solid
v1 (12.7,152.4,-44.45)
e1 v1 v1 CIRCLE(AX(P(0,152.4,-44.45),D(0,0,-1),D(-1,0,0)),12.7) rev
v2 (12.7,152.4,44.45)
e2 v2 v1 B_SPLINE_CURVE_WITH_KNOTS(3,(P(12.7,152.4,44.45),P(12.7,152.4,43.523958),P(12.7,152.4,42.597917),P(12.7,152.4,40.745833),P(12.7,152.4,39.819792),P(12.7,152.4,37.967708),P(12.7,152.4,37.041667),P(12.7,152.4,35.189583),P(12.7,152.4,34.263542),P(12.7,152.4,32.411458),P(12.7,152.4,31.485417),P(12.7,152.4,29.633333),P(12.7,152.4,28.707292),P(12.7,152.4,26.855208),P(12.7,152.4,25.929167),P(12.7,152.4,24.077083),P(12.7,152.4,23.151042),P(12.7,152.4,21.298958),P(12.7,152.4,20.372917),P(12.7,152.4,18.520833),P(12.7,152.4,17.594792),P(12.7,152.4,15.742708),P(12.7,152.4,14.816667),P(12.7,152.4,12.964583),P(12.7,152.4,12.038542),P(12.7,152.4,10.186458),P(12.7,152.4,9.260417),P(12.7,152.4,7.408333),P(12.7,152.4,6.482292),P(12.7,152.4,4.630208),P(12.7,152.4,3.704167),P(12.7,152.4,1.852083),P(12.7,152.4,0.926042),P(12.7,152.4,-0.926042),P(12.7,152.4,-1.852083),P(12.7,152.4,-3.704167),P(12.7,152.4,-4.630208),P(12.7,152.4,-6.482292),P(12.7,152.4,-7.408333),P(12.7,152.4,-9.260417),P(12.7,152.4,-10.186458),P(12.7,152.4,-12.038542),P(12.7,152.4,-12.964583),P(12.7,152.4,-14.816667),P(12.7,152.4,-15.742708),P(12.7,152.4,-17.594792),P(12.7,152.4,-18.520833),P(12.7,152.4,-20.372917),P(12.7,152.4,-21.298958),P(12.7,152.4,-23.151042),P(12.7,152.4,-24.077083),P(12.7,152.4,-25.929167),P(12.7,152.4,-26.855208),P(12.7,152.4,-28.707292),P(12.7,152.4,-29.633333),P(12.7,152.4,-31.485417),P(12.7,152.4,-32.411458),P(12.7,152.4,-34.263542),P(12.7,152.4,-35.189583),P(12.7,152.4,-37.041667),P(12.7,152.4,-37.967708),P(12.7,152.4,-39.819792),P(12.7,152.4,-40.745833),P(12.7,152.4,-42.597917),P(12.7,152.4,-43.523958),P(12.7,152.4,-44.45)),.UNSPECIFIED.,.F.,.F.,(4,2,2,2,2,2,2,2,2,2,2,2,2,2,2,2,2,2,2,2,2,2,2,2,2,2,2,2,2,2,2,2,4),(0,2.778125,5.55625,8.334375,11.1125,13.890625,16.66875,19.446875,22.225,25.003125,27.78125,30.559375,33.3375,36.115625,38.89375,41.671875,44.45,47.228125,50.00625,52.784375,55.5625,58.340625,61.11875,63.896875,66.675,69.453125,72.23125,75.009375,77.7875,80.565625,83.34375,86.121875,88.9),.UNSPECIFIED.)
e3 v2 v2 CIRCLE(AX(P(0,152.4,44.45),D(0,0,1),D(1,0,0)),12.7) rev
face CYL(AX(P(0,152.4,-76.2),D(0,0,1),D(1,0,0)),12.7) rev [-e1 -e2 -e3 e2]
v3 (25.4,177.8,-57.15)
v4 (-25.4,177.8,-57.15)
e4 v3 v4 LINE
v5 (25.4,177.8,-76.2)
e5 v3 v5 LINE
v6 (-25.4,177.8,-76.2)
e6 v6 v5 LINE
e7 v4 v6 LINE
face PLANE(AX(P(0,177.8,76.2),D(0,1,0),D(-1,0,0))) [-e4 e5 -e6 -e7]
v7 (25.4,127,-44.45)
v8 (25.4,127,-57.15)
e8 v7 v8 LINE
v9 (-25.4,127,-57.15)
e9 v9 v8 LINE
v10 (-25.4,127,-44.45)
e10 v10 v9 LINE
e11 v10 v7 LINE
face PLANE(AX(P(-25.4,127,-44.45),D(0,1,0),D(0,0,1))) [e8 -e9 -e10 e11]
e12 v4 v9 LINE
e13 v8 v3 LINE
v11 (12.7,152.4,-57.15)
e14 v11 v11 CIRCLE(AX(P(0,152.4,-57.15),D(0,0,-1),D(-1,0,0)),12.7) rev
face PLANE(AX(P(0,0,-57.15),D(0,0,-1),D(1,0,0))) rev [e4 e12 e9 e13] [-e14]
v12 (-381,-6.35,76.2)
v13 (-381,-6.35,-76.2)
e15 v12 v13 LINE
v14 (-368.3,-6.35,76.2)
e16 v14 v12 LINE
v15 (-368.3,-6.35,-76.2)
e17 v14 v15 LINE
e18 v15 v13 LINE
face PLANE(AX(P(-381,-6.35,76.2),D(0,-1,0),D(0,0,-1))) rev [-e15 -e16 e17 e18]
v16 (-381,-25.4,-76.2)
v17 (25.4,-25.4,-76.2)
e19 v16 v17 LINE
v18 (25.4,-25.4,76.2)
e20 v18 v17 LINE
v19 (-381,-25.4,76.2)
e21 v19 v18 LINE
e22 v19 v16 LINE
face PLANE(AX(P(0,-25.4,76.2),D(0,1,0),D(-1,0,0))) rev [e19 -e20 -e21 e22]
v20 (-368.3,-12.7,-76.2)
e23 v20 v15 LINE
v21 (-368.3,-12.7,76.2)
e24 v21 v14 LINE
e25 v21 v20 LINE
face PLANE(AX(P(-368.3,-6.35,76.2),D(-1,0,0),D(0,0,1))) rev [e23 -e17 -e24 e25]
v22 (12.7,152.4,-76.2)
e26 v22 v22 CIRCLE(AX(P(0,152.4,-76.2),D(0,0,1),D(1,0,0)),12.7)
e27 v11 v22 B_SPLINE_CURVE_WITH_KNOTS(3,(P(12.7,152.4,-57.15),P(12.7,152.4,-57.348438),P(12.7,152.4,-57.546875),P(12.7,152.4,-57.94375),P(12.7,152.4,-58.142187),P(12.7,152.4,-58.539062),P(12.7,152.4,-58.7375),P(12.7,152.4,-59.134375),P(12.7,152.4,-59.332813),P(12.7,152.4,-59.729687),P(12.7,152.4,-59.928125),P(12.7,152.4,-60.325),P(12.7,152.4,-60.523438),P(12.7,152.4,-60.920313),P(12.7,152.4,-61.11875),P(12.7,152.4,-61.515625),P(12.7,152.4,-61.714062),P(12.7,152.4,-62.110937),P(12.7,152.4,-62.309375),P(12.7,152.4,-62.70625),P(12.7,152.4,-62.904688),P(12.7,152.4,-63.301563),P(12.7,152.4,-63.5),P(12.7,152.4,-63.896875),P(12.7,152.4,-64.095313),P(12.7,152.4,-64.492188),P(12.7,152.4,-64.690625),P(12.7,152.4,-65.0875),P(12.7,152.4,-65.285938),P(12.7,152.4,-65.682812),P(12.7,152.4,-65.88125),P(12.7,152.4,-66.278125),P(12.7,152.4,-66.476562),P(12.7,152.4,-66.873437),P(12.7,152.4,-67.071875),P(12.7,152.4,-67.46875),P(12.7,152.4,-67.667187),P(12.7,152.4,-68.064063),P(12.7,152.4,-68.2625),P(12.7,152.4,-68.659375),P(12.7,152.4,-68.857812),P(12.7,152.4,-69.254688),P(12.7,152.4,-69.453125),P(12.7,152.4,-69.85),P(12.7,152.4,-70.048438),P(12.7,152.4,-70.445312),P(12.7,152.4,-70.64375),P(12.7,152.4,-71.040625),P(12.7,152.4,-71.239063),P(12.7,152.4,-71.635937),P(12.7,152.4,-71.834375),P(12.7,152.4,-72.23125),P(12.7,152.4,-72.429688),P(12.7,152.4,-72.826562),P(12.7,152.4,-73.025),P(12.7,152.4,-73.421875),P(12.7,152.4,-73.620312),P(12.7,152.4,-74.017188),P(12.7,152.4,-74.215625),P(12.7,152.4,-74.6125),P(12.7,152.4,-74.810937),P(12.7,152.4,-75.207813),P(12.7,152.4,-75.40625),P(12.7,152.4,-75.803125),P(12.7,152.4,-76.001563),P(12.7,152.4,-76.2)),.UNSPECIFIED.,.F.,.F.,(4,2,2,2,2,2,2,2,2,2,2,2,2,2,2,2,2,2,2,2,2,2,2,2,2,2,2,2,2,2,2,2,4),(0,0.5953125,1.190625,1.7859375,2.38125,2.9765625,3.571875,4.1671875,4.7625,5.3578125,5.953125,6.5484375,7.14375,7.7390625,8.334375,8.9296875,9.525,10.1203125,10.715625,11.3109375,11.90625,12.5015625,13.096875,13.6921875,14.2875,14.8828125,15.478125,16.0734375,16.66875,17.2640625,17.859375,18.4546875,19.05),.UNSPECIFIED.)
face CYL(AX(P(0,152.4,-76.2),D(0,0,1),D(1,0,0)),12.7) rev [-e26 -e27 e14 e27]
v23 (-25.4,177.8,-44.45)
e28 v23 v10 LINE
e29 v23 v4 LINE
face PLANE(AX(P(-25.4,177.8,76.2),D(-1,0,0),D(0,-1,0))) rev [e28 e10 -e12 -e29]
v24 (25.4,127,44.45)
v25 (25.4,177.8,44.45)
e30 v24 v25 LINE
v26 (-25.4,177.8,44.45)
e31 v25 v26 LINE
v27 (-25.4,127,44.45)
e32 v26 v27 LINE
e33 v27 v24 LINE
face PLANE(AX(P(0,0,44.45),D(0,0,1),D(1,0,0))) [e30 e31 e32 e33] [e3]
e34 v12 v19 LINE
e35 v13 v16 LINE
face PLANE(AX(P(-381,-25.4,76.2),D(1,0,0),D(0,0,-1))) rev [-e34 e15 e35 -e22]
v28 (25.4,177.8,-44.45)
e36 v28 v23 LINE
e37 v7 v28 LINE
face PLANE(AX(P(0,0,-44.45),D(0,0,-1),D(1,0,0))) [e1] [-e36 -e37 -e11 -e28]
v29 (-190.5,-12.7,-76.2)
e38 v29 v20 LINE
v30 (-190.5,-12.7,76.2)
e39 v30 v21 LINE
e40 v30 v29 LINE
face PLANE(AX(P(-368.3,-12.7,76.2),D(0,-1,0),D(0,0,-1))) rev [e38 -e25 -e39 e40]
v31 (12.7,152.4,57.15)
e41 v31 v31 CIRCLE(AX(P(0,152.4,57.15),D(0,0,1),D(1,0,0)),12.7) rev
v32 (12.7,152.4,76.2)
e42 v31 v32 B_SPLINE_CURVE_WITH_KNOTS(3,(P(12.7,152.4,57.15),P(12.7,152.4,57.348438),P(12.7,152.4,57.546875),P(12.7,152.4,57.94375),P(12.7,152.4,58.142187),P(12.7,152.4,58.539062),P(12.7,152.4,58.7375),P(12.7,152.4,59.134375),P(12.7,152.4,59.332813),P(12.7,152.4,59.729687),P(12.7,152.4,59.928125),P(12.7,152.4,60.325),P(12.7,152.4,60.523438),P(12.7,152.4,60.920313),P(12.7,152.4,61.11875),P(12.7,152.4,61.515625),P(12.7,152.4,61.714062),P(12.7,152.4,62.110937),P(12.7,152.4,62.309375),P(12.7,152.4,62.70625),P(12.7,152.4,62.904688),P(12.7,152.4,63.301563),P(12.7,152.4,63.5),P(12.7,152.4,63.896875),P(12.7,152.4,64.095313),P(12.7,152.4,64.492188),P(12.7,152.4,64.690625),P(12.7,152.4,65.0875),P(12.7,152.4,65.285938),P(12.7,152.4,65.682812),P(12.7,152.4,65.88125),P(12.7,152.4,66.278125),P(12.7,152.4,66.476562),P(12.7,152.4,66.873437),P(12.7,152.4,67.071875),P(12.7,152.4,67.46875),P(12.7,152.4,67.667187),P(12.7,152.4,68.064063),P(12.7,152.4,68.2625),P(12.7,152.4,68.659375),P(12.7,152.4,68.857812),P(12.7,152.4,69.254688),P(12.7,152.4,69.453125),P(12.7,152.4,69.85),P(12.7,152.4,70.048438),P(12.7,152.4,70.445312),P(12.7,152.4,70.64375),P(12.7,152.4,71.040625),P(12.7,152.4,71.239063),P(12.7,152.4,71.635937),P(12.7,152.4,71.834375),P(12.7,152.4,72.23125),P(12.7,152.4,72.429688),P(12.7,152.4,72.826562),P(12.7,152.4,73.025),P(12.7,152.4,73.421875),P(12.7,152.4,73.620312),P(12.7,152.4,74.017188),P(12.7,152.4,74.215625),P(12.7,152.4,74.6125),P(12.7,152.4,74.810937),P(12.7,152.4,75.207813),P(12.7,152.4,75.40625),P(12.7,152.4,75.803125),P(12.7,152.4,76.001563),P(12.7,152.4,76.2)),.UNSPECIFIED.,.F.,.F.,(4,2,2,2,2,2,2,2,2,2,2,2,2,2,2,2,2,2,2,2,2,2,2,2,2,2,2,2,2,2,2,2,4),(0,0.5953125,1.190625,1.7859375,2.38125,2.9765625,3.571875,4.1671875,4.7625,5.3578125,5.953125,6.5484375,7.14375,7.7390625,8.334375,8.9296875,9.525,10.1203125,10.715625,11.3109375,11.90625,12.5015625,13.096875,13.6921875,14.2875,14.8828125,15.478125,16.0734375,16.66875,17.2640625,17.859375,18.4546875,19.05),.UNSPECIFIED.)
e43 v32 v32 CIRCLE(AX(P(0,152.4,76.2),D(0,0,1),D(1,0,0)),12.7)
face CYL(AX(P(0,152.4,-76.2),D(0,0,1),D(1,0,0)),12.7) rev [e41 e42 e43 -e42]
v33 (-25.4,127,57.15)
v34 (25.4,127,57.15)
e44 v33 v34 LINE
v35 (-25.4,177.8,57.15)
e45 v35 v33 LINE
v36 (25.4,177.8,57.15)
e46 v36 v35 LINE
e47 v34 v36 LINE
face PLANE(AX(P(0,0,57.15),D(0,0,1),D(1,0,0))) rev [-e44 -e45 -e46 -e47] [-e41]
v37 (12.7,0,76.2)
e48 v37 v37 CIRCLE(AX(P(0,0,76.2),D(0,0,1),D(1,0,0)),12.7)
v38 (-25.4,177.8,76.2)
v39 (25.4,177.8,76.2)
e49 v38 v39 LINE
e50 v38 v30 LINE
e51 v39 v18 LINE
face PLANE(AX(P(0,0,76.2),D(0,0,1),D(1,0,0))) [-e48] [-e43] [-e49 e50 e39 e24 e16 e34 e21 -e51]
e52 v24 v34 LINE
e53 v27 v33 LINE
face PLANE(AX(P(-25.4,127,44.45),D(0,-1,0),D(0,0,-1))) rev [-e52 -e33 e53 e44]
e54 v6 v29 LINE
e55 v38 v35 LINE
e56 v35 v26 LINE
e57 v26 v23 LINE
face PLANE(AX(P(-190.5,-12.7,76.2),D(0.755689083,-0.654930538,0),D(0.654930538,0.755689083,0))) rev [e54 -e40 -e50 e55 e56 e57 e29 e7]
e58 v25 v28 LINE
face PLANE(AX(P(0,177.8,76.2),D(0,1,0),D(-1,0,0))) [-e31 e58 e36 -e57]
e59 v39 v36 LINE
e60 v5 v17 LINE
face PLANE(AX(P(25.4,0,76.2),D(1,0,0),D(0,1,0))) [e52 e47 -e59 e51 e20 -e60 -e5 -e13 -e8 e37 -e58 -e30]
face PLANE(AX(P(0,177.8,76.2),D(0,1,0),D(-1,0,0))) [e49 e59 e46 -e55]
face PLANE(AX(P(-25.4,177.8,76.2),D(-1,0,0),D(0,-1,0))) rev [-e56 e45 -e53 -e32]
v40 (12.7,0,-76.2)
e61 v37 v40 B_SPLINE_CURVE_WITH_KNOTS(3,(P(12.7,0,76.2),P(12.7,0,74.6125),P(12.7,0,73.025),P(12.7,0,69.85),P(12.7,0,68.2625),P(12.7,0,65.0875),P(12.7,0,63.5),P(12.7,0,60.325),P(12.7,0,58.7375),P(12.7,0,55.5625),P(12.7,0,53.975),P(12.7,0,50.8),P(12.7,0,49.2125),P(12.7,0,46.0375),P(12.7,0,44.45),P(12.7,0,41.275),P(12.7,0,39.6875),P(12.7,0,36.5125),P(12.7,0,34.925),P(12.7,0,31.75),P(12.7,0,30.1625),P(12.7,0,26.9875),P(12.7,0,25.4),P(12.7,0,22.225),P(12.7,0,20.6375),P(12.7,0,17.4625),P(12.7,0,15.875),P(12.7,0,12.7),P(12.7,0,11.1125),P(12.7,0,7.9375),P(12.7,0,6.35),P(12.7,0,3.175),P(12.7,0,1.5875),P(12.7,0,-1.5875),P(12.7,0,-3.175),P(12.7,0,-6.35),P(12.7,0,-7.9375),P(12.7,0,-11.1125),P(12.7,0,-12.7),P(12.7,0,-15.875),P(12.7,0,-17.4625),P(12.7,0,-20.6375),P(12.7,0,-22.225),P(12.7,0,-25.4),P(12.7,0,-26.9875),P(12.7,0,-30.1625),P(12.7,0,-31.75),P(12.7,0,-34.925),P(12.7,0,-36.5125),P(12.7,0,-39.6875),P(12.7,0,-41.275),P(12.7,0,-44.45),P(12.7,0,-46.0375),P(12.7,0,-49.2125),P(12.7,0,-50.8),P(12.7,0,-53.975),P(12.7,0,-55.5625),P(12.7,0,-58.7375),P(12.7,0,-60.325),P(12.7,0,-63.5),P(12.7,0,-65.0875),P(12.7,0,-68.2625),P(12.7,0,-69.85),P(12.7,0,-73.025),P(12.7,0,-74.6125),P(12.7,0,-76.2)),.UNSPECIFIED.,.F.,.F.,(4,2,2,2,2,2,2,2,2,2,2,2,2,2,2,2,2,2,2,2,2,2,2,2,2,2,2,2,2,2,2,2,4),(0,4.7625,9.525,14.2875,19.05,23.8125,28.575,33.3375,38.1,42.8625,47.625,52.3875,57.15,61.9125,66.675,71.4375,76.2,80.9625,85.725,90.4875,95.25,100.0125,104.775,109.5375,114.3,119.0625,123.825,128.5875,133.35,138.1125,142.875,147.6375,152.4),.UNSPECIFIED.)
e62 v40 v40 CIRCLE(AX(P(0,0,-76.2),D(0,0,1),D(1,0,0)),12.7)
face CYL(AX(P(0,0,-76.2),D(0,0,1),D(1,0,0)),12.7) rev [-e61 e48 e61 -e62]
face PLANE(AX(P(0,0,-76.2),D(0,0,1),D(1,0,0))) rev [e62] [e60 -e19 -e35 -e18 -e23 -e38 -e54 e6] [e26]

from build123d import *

# Parameters (mm, degrees)
SKETCH1_W               = 381
SKETCH1_H               = 25.4
SKETCH1_W_2             = 25.4
SKETCH1_H_2             = 152.4
BOSS_EXTRUDE1_DEPTH     = 76.2
CUT_EXTRUDE1_DEPTH      = 470.041106941
CUT_EXTRUDE1_DEPTH_BACK = 470.041106941
SKETCH2_R               = 12.7
SKETCH4_W               = 50.8
SKETCH4_H               = 50.8
CUT_EXTRUDE2_DEPTH      = 6.35
CUT_EXTRUDE3_DEPTH      = 451.089146725
CUT_EXTRUDE3_DEPTH_BACK = 451.089146725
SKETCH5_W               = 381
SKETCH5_H               = 25.4
BOSS_EXTRUDE2_DEPTH     = 76.2


with BuildPart() as part:
    # Sketch1 → Boss-Extrude1 (new, symmetric)
    with BuildSketch(Plane.XY):
        with Locations((-215.9, 12.7)):
            Rectangle(SKETCH1_W, SKETCH1_H)
        with Locations((-12.7, 76.2)):
            Rectangle(SKETCH1_W_2, SKETCH1_H_2)
        Polygon((0, 152.4), (0, 0), (-25.4, 0), (-25.4, -25.4), (25.4, -25.4), (25.4, 177.8), (-25.4, 177.8), (-25.4, 152.4), align=None)
    extrude(amount=BOSS_EXTRUDE1_DEPTH, both=True)

    # Sketch2 → Cut-Extrude1 (cut, two sides: drawn at the far end of the back side and taken through both)
    with BuildSketch(Plane.XY.offset(76.2).offset(-CUT_EXTRUDE1_DEPTH_BACK)):
        Circle(SKETCH2_R)
        with Locations((0, 152.4)):
            Circle(SKETCH2_R)
    extrude(amount=CUT_EXTRUDE1_DEPTH + CUT_EXTRUDE1_DEPTH_BACK, mode=Mode.SUBTRACT)

    # Sketch4 → Cut-Extrude2 (cut, symmetric)
    with BuildSketch(Plane.XY.offset(50.8)):
        with Locations((0, 152.4)):
            Rectangle(SKETCH4_W, SKETCH4_H)
    cut_extrude2 = extrude(amount=CUT_EXTRUDE2_DEPTH, both=True, mode=Mode.SUBTRACT)

    # Mirror1: Cut-Extrude2 across plane
    add(cut_extrude2.mirror(Plane.XY), mode=Mode.SUBTRACT)

    # Sketch5 → Cut-Extrude3 (cut, two sides: drawn at the far end of the back side and taken through both)
    with BuildSketch(Plane.XY.offset(-CUT_EXTRUDE3_DEPTH_BACK)):
        with Locations((-215.9, 12.7)):
            Rectangle(SKETCH5_W, SKETCH5_H)
    extrude(amount=CUT_EXTRUDE3_DEPTH + CUT_EXTRUDE3_DEPTH_BACK, mode=Mode.SUBTRACT)

    # Sketch6 → Boss-Extrude2 (add, symmetric)
    with BuildSketch(Plane.XY):
        Polygon((-25.4, -25.4), (-381, -25.4), (-381, -6.35), (-368.3, -6.35), (-368.3, -12.7), (-190.5, -12.7), (-25.4, 177.8), align=None)
    extrude(amount=BOSS_EXTRUDE2_DEPTH, both=True)


solid = part.part
